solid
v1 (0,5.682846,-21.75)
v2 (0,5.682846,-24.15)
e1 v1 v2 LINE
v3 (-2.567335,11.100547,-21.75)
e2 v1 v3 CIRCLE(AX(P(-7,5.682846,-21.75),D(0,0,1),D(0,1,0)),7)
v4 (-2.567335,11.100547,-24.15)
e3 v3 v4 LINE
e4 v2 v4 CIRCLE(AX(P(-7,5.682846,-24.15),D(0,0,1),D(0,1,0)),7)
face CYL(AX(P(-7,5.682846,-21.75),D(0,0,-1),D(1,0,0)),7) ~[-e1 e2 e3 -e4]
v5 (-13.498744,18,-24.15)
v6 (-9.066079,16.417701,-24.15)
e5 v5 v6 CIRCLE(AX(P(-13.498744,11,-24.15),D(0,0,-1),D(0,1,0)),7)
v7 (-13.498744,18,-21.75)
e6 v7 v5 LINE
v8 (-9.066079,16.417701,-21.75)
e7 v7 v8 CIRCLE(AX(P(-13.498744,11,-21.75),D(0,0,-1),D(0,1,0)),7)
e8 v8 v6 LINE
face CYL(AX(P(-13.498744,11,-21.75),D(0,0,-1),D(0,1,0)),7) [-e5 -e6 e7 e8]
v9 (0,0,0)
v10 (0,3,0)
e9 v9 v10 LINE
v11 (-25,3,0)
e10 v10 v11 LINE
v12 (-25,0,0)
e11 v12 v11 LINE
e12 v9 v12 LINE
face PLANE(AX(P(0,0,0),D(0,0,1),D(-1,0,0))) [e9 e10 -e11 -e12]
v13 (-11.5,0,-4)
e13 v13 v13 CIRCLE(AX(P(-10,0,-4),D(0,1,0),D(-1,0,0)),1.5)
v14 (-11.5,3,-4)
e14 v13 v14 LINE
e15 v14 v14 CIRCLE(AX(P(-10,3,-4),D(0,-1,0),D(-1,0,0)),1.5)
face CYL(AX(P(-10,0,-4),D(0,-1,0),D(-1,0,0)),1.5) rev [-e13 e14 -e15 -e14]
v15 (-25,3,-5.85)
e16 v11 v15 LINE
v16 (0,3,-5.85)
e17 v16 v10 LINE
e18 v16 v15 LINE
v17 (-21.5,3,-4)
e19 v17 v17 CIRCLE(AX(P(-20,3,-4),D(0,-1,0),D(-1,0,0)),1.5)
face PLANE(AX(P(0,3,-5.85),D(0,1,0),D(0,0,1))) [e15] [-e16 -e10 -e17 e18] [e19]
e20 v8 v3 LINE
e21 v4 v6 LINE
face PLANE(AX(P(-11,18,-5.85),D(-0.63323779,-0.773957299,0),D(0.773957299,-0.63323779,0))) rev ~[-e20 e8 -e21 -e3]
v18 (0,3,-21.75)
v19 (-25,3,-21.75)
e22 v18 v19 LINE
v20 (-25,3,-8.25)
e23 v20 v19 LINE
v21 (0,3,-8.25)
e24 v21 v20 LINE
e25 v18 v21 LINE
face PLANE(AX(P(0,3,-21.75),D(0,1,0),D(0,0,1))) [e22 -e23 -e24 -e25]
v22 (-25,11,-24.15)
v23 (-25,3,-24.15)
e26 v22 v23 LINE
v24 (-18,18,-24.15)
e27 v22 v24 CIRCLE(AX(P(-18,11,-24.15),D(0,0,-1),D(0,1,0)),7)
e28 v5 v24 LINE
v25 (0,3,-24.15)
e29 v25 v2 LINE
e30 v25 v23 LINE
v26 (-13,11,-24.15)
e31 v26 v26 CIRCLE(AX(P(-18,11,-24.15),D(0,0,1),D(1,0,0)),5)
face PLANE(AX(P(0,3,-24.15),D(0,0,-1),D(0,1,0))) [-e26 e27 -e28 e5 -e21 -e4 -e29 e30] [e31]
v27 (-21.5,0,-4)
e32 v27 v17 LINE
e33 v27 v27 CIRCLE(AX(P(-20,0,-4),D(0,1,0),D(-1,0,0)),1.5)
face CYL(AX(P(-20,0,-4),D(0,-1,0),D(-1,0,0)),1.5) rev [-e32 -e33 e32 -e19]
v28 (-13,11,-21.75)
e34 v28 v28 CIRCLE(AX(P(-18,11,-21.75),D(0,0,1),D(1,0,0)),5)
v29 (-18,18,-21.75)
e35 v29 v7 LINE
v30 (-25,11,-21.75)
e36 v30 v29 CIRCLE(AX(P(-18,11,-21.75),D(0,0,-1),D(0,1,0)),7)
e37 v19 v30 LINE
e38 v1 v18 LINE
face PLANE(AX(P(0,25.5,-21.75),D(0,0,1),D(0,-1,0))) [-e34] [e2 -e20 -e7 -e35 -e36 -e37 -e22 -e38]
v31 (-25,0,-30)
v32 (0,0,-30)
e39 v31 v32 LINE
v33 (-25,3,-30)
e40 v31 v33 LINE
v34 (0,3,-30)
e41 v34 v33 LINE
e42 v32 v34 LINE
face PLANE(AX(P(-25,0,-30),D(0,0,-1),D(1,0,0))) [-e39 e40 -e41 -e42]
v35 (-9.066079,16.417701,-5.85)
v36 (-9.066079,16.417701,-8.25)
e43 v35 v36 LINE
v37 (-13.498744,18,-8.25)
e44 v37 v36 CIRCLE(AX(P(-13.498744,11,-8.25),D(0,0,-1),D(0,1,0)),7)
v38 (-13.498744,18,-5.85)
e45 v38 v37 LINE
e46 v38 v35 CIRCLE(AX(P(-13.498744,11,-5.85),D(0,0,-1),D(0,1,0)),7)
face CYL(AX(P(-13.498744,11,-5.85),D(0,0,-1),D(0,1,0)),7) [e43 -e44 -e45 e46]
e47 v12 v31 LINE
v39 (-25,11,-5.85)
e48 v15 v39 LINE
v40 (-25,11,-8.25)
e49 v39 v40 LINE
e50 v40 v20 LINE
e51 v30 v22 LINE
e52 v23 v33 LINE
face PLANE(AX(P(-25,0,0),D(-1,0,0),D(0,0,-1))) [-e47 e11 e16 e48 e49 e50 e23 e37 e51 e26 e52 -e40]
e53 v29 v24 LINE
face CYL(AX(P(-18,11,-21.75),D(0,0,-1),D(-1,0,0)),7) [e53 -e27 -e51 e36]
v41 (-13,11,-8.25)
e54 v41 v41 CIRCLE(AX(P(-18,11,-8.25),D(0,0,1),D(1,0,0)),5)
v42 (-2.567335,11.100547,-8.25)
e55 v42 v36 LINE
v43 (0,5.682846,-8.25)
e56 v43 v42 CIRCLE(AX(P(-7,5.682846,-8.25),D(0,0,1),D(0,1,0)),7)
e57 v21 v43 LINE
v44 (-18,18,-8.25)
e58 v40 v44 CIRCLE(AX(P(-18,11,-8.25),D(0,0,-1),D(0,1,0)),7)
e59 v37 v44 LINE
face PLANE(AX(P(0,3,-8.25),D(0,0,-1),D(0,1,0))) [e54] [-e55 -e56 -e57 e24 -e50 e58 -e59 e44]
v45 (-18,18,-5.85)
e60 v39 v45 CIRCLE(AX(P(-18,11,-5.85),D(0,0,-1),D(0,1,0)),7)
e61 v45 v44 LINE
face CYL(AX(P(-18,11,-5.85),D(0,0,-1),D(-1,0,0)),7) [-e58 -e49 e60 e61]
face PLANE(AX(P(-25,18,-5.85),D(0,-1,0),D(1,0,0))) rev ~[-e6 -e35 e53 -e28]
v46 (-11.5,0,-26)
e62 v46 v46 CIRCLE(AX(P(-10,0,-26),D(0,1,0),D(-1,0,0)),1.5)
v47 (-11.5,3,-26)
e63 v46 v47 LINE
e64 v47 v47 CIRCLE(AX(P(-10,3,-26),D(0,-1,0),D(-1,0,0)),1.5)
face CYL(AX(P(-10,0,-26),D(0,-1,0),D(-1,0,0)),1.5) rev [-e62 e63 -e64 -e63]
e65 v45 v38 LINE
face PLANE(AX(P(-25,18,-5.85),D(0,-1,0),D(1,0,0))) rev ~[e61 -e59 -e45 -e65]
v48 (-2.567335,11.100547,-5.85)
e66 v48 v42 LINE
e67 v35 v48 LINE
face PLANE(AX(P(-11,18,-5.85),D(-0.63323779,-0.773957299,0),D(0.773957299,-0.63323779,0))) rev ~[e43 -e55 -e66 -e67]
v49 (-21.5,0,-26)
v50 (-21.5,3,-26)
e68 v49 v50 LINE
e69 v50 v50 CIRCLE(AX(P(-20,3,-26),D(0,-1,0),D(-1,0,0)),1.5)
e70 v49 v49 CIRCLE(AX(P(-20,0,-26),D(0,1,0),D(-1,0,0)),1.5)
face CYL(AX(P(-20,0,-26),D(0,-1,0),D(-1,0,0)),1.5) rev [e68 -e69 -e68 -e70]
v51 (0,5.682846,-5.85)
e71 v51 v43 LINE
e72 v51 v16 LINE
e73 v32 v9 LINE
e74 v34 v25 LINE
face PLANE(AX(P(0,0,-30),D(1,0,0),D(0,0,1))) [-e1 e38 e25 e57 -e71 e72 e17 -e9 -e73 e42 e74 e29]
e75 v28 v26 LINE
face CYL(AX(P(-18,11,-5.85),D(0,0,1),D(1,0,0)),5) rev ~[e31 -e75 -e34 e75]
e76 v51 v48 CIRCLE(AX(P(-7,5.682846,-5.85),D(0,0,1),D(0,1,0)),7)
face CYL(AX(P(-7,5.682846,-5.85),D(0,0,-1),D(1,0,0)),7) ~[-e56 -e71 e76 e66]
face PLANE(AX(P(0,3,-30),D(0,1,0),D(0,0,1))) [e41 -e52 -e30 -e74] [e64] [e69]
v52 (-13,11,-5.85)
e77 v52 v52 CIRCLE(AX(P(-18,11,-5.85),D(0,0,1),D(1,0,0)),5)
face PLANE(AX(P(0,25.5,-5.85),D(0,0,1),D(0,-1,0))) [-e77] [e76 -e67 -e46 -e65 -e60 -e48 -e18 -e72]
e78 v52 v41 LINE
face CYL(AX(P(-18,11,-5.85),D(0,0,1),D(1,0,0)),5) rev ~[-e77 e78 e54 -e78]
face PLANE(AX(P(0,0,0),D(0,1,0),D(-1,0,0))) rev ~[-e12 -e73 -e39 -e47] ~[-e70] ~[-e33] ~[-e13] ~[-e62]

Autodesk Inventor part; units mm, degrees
ref_plane "YZ Plane" through (0, 0, 0) normal (1, 0, 0) x (0, 1, 0)
ref_plane "XZ Plane" through (0, 0, 0) normal (0, 1, 0) x (-1, 0, 0)
ref_plane "XY Plane" through (0, 0, 0) normal (0, 0, 1) x (1, 0, 0)
sketch "Sketch1" plane through (0, 0, 0) normal (0, 1, 0) x (-1, 0, 0)
  line L0 (0, 0) -> (25, 0)
  line L1 (25, 0) -> (25, -30)
  line L2 (25, -30) -> (0, -30)
  line L3 (0, -30) -> (0, 0)
  circle A0 centre (20, -4) radius 1.5
  circle A1 centre (20, -26) radius 1.5
  circle A2 centre (10, -4) radius 1.5
  circle A3 centre (10, -26) radius 1.5
  dimension "d0" = 30
  dimension "d1" = 25
  dimension "d2" = 3
  dimension "d5" = 22
  dimension "d8" = 10
  dimension "d11" = 20
  dimension "d12" = 4
extrude "Extrusion1" add sketch "Sketch1" along normal blind 25.5
sketch "Sketch2" plane through (0, 0, 0) normal (1, 0, 0) x (0, 0, -1)
  line L0 (0, 0) -> (30, 0) projected
  line L1 (30, 0) -> (30, 25.5) projected
  line L2 (0, 25.5) -> (30, 25.5) projected
  line L3 (0, 0) -> (0, 25.5) projected
  line L4 (8.25, 25.5) -> (21.75, 25.5)
  line L5 (21.75, 25.5) -> (21.75, 3)
  line L6 (21.75, 3) -> (8.25, 3)
  line L7 (8.25, 3) -> (8.25, 25.5)
  line L8 (30, 25.5) -> (0, 25.5) projected
  line L9 (30, 0) -> (30, 25.5) projected
  line L10 (24.15, 25.5) -> (30, 25.5)
  line L11 (30, 25.5) -> (30, 3)
  line L12 (30, 3) -> (24.15, 3)
  line L13 (24.15, 3) -> (24.15, 25.5)
  line L14 (0, 25.5) -> (5.85, 25.5)
  line L15 (5.85, 25.5) -> (5.85, 3)
  line L16 (5.85, 3) -> (0, 3)
  line L17 (0, 3) -> (0, 25.5)
  point P0 (0, 3)
  point P1 (30, 3)
  dimension "d15" = 3
  dimension "d16" = 3
  dimension "d17" = 3
  dimension "d19" = 13.5
  dimension "d20" = 2.4
  dimension "d21" = 2.4
  dimension "d22" = 5.85
extrude "Extrusion2" cut sketch "Sketch2" against normal blind 25.5 contours L3 L2 L15 L16 | L12 L13 L2 L1 | L2 L5 L6 L7
sketch "Sketch3" plane through (0, 3, -5.85) normal (0, 0, 1) x (1, 0, 0)
  circle A0 centre (-18, 8) radius 5
  line L0 (-25, 0) -> (-25, 22.5) projected
  line L1 (0, 0) -> (-25, 0) projected
  line L2 (0, 22.5) -> (0, 0) projected
  line L3 (-25, 22.5) -> (0, 22.5) projected
  line L4 (-25, 15) -> (-11, 15)
  line L5 (-11, 15) -> (0, 6)
  line L6 (0, 0) -> (0, 22.5) projected
  point P0 (0, -3)
  point P1 (0, 6)
  dimension "d25" = 8
  dimension "d26" = 7
  dimension "d27" = 7
  dimension "d28" = 14
  dimension "d29" = 6
  dimension "d30" = 10
extrude "Extrusion3" cut sketch "Sketch3" against normal blind 25.5 contours A0 | L0 L3 L2 L5 L4
fillet "Fillet1" radius 7 6 edges at (-25, 18, -22.95) (-11, 18, -22.95) (0, 9, -22.95) (-11, 18, -7.05) (0, 9, -7.05) (-25, 18, -7.05)
properties part number "beslag_board_3D"
